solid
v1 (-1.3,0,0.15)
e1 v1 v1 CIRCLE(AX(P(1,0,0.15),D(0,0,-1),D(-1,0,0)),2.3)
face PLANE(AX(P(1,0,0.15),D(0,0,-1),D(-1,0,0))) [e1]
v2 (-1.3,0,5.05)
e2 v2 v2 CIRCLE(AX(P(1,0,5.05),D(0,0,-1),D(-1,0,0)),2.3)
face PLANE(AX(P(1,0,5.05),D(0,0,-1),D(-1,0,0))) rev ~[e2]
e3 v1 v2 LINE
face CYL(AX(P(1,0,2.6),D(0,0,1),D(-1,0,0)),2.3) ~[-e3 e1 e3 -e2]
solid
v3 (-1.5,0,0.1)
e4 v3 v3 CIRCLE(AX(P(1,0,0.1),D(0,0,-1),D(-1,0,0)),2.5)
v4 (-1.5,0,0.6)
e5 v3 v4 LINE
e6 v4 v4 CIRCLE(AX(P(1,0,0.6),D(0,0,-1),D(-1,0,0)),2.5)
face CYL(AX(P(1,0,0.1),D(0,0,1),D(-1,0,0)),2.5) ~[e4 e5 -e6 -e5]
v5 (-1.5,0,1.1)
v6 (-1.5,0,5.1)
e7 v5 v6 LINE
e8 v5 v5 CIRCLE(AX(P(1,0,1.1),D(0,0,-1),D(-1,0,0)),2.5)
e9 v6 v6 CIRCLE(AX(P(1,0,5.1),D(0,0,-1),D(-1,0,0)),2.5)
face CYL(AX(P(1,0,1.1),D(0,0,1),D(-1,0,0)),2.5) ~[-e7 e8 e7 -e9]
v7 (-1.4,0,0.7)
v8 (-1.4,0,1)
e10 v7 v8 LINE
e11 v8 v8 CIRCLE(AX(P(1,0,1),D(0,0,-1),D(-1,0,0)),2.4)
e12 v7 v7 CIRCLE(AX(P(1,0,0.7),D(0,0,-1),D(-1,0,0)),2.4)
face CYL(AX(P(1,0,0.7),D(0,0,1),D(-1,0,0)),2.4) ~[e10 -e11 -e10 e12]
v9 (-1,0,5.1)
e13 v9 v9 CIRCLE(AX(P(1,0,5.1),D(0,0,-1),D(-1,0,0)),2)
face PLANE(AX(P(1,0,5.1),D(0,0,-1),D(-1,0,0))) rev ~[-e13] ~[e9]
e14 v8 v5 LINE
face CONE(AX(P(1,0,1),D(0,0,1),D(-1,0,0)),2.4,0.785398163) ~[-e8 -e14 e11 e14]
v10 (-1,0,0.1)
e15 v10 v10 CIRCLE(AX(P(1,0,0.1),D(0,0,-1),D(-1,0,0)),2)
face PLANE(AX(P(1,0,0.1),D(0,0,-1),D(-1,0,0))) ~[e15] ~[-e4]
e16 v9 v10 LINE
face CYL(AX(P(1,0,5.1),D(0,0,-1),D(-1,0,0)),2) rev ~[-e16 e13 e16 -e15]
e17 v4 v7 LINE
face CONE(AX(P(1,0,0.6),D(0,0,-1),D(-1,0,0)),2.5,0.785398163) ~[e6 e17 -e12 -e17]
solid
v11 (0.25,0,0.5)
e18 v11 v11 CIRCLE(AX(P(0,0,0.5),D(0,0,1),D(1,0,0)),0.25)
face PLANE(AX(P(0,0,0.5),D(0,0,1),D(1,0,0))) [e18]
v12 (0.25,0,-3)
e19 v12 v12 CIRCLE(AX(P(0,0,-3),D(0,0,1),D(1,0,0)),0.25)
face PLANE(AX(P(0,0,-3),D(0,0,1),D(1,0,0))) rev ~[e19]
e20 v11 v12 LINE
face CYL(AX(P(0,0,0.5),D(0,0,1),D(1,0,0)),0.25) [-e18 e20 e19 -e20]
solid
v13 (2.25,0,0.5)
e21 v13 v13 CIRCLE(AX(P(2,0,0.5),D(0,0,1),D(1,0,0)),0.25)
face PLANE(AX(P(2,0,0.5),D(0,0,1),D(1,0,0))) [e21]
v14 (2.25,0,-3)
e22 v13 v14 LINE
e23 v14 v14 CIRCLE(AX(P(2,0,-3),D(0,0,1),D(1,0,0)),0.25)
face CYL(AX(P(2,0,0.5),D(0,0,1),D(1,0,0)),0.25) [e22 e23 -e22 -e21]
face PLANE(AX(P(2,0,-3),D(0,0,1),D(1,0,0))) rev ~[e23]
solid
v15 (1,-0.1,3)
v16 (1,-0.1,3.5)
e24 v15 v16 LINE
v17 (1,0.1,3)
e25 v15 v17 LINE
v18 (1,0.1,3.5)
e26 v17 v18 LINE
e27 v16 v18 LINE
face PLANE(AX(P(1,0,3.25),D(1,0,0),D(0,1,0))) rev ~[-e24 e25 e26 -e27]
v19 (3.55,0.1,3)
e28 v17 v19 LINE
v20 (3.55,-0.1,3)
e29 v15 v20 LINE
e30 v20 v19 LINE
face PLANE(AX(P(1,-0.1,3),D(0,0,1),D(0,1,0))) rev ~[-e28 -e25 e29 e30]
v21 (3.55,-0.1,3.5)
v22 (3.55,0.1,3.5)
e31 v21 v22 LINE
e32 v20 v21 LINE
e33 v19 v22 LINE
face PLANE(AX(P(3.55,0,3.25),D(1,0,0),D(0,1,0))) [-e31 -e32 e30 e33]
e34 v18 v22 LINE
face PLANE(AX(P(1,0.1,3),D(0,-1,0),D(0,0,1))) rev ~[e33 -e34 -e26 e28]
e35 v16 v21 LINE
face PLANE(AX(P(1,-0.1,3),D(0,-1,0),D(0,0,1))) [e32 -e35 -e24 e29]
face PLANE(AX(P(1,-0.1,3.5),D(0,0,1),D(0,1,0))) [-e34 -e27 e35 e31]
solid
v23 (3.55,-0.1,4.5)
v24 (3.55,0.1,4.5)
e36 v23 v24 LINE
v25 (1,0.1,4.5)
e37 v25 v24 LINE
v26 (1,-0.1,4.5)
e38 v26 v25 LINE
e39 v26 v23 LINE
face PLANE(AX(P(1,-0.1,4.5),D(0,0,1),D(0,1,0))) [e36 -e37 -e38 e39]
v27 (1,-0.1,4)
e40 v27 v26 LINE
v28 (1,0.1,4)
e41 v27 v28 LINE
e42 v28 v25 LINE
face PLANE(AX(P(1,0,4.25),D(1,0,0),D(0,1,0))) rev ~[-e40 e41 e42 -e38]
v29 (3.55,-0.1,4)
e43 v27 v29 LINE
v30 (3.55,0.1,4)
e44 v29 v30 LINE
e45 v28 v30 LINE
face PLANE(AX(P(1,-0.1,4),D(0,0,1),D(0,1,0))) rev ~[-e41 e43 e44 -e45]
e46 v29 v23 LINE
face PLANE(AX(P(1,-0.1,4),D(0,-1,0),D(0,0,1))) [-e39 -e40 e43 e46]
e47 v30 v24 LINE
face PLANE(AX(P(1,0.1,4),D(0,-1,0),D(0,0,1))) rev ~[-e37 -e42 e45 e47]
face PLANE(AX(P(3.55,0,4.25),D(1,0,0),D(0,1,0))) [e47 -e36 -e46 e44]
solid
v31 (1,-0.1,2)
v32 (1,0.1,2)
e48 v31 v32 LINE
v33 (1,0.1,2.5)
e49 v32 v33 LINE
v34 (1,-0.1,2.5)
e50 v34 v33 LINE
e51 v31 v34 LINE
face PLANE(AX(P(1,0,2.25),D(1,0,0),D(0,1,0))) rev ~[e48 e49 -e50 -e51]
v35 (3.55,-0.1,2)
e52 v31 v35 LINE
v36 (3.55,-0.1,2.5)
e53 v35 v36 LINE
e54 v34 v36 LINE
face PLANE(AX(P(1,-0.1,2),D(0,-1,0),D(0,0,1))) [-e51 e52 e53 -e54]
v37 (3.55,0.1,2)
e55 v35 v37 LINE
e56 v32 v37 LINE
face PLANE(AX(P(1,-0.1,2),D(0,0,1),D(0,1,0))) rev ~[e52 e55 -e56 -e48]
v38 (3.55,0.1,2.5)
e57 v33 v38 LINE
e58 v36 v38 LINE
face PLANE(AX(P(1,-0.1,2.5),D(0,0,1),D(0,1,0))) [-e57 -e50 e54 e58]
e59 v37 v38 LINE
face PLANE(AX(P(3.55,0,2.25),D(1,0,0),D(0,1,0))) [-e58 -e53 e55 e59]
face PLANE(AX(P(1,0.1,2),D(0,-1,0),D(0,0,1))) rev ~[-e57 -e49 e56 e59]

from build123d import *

# Parameters (mm, degrees)
SKETCH002_W  = 2.3
SKETCH002_H  = 4.9
SKETCH003_R  = 0.25
PAD_DEPTH    = 3.5
SKETCH004_W  = 0.2
SKETCH004_H  = 0.5
PAD001_DEPTH = 2.55


with BuildPart() as revolution:
    # Sketch → Revolution (revolve)
    with BuildSketch(Plane.XZ):
        Polygon((-1.5, 0.1), (-1.5, 0.6), (-1.4, 0.7), (-1.4, 1), (-1.5, 1.1), (-1.5, 5.1), (-1, 5.1), (-1, 0.1), align=None)
    revolve(axis=Axis((1, 0, 7.548619), (0, 0, -1)))


with BuildPart() as revolution001:
    # Sketch002 → Revolution001 (revolve)
    with BuildSketch(Plane.XZ):
        with Locations((-0.15, 2.6)):
            Rectangle(SKETCH002_W, SKETCH002_H)
    revolve(axis=Axis((1, 0, 4.680116), (0, 0, -1)))


with BuildPart() as pad:
    # Sketch003 → Pad (new body)
    with BuildSketch(Plane.XY.offset(0.5)):
        Circle(SKETCH003_R)
        with Locations((2, 0)):
            Circle(SKETCH003_R)
    extrude(amount=-PAD_DEPTH)


with BuildPart() as pad001:
    # Sketch004 → Pad001 (new body)
    with BuildSketch(Plane.YZ.offset(1)):
        with Locations((0, 2.25)):
            Rectangle(SKETCH004_W, SKETCH004_H)
        with Locations((0, 3.25)):
            Rectangle(SKETCH004_W, SKETCH004_H)
        with Locations((0, 4.25)):
            Rectangle(SKETCH004_W, SKETCH004_H)
    extrude(amount=PAD001_DEPTH)


solid = Compound([revolution.part, revolution001.part, pad.part, pad001.part])
